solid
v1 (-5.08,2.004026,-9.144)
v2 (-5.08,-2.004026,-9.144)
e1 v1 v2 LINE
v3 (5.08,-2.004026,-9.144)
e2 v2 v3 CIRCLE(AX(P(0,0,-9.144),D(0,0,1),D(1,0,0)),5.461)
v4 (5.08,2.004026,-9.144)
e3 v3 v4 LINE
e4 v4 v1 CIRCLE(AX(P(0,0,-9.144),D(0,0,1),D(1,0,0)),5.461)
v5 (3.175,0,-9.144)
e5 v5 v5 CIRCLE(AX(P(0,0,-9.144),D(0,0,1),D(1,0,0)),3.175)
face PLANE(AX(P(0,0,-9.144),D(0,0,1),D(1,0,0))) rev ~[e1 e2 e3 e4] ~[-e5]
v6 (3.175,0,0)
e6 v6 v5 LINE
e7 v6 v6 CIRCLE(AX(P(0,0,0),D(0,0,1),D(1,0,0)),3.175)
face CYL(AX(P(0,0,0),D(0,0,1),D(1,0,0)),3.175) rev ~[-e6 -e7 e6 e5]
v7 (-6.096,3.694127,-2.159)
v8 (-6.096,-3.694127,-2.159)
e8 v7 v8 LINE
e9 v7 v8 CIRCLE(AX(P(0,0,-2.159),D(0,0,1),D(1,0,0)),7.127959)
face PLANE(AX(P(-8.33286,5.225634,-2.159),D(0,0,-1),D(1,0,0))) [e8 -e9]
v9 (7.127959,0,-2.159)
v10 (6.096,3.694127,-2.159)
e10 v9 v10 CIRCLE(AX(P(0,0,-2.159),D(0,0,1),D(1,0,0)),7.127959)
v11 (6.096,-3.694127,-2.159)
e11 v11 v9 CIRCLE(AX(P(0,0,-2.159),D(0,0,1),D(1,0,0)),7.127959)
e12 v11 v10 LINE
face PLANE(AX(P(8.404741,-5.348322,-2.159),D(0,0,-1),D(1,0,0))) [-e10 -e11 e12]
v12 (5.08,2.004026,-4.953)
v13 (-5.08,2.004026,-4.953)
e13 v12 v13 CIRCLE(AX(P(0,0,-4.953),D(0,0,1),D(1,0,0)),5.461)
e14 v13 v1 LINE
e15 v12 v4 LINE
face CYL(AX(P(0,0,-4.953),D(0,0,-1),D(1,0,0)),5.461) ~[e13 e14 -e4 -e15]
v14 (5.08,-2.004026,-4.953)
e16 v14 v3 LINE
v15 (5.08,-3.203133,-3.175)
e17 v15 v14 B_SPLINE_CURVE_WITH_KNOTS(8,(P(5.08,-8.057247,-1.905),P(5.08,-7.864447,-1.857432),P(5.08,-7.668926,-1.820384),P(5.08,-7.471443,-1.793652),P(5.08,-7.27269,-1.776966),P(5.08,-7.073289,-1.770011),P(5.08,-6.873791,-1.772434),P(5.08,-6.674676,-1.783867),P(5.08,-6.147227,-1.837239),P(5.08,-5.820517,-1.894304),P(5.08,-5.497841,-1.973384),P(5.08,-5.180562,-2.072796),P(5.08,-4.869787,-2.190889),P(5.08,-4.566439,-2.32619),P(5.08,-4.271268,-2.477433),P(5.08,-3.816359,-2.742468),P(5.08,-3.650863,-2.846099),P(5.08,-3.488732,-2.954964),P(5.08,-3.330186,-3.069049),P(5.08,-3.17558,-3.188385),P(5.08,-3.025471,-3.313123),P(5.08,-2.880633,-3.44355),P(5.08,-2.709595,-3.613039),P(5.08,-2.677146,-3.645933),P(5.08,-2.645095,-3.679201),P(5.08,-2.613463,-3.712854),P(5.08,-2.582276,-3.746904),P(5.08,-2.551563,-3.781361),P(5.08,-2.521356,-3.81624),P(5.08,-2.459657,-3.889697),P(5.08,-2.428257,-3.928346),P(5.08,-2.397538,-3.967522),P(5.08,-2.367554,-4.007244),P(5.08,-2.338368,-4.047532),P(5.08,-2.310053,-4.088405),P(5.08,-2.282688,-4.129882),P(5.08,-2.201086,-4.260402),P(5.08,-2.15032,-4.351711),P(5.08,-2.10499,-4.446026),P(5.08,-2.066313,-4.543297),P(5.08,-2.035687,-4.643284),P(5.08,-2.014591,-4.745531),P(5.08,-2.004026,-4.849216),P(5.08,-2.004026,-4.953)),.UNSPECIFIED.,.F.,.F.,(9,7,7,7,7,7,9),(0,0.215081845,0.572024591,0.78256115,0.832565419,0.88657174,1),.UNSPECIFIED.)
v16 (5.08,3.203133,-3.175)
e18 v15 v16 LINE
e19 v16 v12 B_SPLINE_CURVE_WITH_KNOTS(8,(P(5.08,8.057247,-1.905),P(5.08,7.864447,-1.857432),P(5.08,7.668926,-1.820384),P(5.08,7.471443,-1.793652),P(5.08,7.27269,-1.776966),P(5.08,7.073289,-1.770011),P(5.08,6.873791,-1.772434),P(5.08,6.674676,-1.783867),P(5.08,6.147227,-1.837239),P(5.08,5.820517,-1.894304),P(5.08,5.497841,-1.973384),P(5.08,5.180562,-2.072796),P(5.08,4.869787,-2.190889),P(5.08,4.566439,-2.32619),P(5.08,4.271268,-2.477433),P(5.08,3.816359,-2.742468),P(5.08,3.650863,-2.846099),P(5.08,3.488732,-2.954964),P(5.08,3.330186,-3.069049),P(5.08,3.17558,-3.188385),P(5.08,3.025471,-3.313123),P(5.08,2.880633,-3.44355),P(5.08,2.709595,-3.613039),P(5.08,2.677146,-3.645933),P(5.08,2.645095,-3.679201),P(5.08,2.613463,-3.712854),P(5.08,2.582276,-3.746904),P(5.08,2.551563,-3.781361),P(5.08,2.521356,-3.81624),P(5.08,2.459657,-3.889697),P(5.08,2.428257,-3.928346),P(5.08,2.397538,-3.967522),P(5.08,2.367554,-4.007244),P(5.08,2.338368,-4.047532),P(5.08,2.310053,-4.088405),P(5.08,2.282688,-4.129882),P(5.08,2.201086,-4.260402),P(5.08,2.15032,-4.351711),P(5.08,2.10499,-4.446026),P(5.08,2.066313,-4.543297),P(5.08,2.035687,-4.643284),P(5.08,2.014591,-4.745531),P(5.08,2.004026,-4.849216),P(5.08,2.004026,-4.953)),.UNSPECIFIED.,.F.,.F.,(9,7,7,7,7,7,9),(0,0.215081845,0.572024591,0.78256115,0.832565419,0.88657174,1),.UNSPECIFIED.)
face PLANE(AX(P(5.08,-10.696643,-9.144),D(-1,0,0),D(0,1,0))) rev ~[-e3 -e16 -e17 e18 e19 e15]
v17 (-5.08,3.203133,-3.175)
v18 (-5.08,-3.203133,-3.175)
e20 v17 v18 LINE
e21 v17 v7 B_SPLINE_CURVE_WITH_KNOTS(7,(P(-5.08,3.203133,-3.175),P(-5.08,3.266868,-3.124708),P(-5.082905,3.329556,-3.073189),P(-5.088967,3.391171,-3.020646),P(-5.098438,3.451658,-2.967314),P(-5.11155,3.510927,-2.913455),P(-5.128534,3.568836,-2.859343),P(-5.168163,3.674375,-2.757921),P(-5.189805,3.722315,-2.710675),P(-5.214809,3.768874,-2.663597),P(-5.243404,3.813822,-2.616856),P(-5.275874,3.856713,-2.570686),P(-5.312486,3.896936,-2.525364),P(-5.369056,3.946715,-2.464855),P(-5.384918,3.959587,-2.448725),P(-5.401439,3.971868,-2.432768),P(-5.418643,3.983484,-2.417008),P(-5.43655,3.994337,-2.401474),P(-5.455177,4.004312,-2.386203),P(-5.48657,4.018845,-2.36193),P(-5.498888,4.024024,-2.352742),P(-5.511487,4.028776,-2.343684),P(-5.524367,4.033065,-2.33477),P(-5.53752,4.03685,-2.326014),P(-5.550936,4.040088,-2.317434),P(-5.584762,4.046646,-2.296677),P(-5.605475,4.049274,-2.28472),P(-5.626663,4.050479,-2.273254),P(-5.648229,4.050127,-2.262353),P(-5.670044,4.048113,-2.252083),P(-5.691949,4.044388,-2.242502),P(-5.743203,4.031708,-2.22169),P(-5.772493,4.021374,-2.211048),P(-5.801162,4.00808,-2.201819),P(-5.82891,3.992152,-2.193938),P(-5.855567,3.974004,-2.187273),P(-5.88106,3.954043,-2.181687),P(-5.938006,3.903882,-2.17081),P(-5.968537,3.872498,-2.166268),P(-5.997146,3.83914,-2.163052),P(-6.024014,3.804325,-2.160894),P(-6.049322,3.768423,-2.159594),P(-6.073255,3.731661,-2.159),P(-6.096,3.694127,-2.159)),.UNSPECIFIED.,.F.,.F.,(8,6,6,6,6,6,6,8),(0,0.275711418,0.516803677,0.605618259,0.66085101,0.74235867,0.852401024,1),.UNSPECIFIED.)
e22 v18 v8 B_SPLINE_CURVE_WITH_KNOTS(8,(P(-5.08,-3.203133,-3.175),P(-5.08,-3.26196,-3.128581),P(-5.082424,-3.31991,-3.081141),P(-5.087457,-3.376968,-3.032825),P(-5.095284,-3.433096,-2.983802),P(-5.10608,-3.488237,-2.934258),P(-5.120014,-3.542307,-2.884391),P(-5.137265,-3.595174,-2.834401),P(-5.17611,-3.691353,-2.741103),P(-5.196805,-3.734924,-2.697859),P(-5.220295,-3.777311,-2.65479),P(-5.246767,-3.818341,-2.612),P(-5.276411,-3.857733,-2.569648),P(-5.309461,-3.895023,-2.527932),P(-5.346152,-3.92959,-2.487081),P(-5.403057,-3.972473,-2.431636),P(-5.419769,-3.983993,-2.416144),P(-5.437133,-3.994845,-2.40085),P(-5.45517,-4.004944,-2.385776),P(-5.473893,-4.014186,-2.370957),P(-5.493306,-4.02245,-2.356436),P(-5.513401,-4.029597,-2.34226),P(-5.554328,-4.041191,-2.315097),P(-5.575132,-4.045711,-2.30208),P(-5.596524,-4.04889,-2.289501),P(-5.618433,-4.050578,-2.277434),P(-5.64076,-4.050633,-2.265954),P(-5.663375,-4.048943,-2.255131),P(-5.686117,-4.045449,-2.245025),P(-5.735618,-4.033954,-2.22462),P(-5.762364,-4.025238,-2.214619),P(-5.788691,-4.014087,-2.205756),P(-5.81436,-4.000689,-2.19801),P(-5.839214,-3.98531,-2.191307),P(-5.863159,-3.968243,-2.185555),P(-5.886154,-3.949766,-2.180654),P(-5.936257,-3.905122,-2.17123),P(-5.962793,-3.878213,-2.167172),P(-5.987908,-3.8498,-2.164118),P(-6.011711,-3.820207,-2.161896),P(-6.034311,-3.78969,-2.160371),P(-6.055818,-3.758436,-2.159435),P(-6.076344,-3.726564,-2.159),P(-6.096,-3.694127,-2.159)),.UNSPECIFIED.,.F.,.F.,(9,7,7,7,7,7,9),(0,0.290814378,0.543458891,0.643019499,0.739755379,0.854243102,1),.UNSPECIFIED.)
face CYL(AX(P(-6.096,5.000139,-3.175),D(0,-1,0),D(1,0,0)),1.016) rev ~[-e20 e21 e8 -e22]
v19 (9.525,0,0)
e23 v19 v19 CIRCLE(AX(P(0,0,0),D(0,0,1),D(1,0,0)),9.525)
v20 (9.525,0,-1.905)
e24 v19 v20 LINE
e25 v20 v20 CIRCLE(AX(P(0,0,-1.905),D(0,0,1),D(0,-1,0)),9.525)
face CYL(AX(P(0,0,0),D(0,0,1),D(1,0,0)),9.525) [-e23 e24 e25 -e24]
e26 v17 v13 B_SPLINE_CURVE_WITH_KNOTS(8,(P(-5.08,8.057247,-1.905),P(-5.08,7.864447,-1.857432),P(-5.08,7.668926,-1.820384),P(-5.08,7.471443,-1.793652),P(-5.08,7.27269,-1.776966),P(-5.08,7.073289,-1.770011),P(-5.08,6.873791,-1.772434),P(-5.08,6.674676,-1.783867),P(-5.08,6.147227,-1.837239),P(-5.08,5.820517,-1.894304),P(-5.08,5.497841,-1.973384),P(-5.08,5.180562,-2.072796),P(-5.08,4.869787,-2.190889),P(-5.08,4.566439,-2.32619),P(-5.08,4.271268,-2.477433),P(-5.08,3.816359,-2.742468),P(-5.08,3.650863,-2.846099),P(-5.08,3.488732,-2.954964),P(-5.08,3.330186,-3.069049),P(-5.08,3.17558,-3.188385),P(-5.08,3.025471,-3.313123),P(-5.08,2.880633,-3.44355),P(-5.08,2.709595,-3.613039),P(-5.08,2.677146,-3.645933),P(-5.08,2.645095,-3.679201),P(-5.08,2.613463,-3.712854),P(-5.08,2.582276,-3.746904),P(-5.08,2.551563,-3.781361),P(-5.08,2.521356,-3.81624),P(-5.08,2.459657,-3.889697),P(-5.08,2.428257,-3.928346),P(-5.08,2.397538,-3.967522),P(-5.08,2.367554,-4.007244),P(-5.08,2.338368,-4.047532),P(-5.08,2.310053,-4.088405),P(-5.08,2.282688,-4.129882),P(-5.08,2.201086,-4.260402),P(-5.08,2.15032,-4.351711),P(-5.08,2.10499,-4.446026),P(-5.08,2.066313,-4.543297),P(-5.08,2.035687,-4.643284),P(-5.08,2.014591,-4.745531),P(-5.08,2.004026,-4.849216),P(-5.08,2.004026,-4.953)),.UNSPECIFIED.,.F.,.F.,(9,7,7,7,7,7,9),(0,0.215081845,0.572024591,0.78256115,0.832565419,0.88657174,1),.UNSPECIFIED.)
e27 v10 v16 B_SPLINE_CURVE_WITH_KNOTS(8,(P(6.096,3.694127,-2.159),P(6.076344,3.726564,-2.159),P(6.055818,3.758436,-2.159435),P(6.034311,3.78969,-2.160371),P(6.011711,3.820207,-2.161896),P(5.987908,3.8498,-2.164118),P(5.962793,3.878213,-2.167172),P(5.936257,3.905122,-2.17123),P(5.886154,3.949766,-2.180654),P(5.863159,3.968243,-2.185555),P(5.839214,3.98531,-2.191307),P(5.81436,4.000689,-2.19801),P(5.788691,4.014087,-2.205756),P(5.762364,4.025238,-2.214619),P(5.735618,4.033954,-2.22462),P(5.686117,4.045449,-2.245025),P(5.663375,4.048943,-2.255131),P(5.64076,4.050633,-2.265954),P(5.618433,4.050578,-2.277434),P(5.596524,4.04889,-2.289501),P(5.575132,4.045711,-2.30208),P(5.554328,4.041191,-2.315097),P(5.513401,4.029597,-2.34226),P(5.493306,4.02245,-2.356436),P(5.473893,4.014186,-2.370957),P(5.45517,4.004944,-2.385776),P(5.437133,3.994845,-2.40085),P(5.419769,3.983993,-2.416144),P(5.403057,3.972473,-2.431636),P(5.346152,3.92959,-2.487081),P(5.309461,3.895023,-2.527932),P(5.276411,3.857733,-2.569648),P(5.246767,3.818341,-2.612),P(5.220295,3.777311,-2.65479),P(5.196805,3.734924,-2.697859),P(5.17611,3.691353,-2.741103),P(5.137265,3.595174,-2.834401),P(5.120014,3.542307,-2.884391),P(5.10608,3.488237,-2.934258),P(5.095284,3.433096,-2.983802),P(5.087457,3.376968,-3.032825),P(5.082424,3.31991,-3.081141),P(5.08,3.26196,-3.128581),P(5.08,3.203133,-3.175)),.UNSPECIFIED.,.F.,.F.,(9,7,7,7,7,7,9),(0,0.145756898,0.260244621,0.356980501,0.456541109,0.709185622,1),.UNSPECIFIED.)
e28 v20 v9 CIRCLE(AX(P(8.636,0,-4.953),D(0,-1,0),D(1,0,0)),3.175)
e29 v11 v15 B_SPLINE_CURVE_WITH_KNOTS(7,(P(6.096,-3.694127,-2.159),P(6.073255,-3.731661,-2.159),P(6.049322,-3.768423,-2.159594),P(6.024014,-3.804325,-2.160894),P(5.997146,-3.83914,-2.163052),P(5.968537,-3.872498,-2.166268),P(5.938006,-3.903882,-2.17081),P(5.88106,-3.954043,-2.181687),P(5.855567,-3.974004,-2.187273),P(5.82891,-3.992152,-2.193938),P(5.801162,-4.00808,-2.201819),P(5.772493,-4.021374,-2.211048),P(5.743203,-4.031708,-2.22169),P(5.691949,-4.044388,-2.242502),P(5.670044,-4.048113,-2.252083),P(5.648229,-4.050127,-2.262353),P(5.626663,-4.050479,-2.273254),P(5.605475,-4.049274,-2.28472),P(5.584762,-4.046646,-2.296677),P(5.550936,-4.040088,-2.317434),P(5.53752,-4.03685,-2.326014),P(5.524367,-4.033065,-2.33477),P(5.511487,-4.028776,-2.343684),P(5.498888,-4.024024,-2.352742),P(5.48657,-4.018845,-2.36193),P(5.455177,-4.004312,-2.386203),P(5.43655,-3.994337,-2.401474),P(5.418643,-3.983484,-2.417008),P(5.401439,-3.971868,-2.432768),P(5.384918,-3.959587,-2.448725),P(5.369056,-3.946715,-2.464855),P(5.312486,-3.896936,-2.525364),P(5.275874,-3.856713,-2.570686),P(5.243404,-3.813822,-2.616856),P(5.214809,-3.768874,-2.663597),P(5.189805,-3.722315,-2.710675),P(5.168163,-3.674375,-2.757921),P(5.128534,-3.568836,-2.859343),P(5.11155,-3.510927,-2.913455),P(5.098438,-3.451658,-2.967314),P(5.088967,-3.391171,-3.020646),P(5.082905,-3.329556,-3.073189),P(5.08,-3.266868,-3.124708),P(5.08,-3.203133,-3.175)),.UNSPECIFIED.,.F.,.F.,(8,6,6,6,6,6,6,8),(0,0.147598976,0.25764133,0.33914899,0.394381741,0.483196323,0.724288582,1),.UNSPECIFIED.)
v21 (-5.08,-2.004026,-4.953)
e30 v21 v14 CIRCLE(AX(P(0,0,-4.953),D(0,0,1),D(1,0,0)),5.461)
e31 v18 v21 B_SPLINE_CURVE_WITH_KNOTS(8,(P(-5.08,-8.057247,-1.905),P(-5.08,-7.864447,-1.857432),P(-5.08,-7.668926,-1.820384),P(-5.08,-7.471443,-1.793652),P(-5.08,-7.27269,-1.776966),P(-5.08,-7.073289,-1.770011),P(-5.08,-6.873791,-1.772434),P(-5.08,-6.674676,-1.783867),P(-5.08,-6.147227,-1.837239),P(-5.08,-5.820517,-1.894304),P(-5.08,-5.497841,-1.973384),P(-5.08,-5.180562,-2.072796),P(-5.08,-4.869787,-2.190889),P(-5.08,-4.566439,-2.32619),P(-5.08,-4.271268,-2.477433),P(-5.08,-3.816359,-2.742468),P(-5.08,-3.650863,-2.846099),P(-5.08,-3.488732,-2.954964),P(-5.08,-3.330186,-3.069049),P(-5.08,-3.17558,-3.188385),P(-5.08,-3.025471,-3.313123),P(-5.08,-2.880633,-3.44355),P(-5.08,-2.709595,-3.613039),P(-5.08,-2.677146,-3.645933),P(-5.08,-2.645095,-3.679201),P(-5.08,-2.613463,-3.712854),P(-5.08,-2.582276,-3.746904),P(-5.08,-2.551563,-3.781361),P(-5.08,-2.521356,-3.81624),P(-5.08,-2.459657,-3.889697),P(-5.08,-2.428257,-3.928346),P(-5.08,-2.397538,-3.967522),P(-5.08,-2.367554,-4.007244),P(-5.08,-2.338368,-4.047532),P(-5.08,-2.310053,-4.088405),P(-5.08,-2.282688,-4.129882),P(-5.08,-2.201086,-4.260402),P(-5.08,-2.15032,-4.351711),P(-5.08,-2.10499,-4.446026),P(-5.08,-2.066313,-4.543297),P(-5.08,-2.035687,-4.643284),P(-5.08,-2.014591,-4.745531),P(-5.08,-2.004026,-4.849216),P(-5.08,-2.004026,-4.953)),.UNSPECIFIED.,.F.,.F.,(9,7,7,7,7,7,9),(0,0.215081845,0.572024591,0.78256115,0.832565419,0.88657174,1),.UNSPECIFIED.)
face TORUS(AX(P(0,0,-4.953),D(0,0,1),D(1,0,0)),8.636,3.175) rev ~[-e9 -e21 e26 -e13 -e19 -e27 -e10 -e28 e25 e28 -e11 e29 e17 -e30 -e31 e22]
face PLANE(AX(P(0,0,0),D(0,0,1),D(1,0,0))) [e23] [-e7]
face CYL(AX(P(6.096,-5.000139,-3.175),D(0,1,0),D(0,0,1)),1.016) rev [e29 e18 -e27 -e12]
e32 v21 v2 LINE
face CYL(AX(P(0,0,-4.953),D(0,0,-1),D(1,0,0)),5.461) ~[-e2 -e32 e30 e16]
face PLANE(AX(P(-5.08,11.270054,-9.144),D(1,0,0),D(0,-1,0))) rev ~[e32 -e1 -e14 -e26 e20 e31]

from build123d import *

# Parameters (mm, degrees)
F0_R     = 9.525
F0_R_2   = 3.175
F1_DEPTH = 25.4
F2_W     = 5.595942471
F2_H     = 0.8117107314
F4_W     = 5.7437195435
F4_H     = 10.4512684047
F4_H_2   = 14.192732051
F4_W_2   = 5.8874822214
F4_H_3   = 10.6966430321
F5_DEPTH = 6.985
F6_R     = 1.016


with BuildPart() as f1:
    # F0 (on Top) → F1 (new body)
    with BuildSketch(Plane.XY):
        Circle(F0_R)
        Circle(F0_R_2, mode=Mode.SUBTRACT)
    extrude(amount=-F1_DEPTH)

    # F2 (on Front) → F3 (revolve, cut)
    with BuildSketch(Plane.XZ):
        with BuildLine():
            Line((11.056942471, -4.953), (5.461, -4.953))
            ThreePointArc((5.461, -4.953), (7.5418947367, -7.9335299315), (11.056942471, -7.0071817232))
            Line((11.056942471, -7.0071817232), (11.056942471, -4.953))
        make_face()
        with BuildLine():
            ThreePointArc((11.056942471, -7.0071817232), (11.6165299315, -6.0471052633), (11.811, -4.953))
            ThreePointArc((11.811, -4.953), (8.636, -1.778), (5.461, -4.953))
            Line((5.461, -4.953), (11.056942471, -4.953))
            Line((11.056942471, -4.953), (11.056942471, -7.0071817232))
        make_face()
        Polygon((5.461, -9.9557107314), (5.461, -9.144), (0, -9.144), (0, -34.544), (12.0641607791, -34.544), (12.0641607791, -9.144), (11.056942471, -9.144), (11.056942471, -9.9557107314), align=None)
        with BuildLine():
            ThreePointArc((11.056942471, -7.0071817232), (7.5418947367, -7.9335299315), (5.461, -4.953))
            Line((5.461, -4.953), (5.461, -9.144))
            Line((5.461, -9.144), (11.056942471, -9.144))
            Line((11.056942471, -9.144), (11.056942471, -7.0071817232))
        make_face()
        with Locations((8.2589712355, -9.5498553657)):
            Rectangle(F2_W, F2_H)
    revolve(axis=Axis((0, 0, -25.4), (0, 0, 1)), mode=Mode.SUBTRACT)

    # F4 (on face) → F5 (cut)
    with BuildSketch(Plane(origin=(0, 0, -9.144), x_dir=(1, 0, 0), z_dir=(0, 0, -1))):
        with Locations((-8.3328597717, -5.2256342024)):
            Rectangle(F4_W, F4_H)
        with Locations((-8.3328597717, 7.0963660255)):
            Rectangle(F4_W, F4_H_2)
        with Locations((8.4047411107, 5.3483215161)):
            Rectangle(F4_W_2, F4_H_3)
        Polygon((11.3484822214, 0), (5.461, 0), (5.461, -9.0715084225), (5.461, -9.423006326), (11.6024822214, -9.423006326), (11.6024822214, 0), align=None)
        with BuildLine():
            Line((-5.08, -2.0040261974), (-5.08, 2.0040261974))
            ThreePointArc((-5.08, 2.0040261974), (-5.3649045192, 1.0199610287), (-5.461, 0))
            ThreePointArc((-5.461, 0), (-5.3649045192, -1.0199610287), (-5.08, -2.0040261974))
        make_face()
        with BuildLine():
            ThreePointArc((-5.461, 0), (-5.3649045192, 1.0199610287), (-5.08, 2.0040261974))
            Line((-5.08, 2.0040261974), (-5.08, 14.192732051))
            Line((-5.08, 14.192732051), (-5.461, 14.192732051))
            Line((-5.461, 14.192732051), (-5.461, 0))
        make_face()
        with BuildLine():
            Line((-5.08, -11.2700536847), (-5.08, -2.0040261974))
            ThreePointArc((-5.08, -2.0040261974), (-5.3649045192, -1.0199610287), (-5.461, 0))
            Line((-5.461, 0), (-5.461, -10.4512684047))
            Line((-5.461, -10.4512684047), (-5.461, -11.2700536847))
            Line((-5.461, -11.2700536847), (-5.08, -11.2700536847))
        make_face()
        with BuildLine():
            Line((5.461, -9.0715084225), (5.461, 0))
            ThreePointArc((5.461, 0), (5.3649045192, -1.0199610287), (5.08, -2.0040261974))
            Line((5.08, -2.0040261974), (5.08, -9.0715084225))
            Line((5.08, -9.0715084225), (5.461, -9.0715084225))
        make_face()
        with BuildLine():
            ThreePointArc((5.08, -2.0040261974), (5.3649045192, -1.0199610287), (5.461, 0))
            ThreePointArc((5.461, 0), (5.3649045192, 1.0199610287), (5.08, 2.0040261974))
            Line((5.08, 2.0040261974), (5.08, -2.0040261974))
        make_face()
        with BuildLine():
            ThreePointArc((5.08, 2.0040261974), (5.3649045192, 1.0199610287), (5.461, 0))
            Line((5.461, 0), (5.461, 10.6966430321))
            Line((5.461, 10.6966430321), (5.08, 10.6966430321))
            Line((5.08, 10.6966430321), (5.08, 2.0040261974))
        make_face()
    extrude(amount=-F5_DEPTH, mode=Mode.SUBTRACT)

    # F6
    f6_edges = [f1.edges().sort_by_distance(p)[0] for p in [
        (5.08, 0, -2.159),
        (-5.08, 0, -2.159),
    ]]
    fillet(f6_edges, radius=F6_R)


solid = f1.part
